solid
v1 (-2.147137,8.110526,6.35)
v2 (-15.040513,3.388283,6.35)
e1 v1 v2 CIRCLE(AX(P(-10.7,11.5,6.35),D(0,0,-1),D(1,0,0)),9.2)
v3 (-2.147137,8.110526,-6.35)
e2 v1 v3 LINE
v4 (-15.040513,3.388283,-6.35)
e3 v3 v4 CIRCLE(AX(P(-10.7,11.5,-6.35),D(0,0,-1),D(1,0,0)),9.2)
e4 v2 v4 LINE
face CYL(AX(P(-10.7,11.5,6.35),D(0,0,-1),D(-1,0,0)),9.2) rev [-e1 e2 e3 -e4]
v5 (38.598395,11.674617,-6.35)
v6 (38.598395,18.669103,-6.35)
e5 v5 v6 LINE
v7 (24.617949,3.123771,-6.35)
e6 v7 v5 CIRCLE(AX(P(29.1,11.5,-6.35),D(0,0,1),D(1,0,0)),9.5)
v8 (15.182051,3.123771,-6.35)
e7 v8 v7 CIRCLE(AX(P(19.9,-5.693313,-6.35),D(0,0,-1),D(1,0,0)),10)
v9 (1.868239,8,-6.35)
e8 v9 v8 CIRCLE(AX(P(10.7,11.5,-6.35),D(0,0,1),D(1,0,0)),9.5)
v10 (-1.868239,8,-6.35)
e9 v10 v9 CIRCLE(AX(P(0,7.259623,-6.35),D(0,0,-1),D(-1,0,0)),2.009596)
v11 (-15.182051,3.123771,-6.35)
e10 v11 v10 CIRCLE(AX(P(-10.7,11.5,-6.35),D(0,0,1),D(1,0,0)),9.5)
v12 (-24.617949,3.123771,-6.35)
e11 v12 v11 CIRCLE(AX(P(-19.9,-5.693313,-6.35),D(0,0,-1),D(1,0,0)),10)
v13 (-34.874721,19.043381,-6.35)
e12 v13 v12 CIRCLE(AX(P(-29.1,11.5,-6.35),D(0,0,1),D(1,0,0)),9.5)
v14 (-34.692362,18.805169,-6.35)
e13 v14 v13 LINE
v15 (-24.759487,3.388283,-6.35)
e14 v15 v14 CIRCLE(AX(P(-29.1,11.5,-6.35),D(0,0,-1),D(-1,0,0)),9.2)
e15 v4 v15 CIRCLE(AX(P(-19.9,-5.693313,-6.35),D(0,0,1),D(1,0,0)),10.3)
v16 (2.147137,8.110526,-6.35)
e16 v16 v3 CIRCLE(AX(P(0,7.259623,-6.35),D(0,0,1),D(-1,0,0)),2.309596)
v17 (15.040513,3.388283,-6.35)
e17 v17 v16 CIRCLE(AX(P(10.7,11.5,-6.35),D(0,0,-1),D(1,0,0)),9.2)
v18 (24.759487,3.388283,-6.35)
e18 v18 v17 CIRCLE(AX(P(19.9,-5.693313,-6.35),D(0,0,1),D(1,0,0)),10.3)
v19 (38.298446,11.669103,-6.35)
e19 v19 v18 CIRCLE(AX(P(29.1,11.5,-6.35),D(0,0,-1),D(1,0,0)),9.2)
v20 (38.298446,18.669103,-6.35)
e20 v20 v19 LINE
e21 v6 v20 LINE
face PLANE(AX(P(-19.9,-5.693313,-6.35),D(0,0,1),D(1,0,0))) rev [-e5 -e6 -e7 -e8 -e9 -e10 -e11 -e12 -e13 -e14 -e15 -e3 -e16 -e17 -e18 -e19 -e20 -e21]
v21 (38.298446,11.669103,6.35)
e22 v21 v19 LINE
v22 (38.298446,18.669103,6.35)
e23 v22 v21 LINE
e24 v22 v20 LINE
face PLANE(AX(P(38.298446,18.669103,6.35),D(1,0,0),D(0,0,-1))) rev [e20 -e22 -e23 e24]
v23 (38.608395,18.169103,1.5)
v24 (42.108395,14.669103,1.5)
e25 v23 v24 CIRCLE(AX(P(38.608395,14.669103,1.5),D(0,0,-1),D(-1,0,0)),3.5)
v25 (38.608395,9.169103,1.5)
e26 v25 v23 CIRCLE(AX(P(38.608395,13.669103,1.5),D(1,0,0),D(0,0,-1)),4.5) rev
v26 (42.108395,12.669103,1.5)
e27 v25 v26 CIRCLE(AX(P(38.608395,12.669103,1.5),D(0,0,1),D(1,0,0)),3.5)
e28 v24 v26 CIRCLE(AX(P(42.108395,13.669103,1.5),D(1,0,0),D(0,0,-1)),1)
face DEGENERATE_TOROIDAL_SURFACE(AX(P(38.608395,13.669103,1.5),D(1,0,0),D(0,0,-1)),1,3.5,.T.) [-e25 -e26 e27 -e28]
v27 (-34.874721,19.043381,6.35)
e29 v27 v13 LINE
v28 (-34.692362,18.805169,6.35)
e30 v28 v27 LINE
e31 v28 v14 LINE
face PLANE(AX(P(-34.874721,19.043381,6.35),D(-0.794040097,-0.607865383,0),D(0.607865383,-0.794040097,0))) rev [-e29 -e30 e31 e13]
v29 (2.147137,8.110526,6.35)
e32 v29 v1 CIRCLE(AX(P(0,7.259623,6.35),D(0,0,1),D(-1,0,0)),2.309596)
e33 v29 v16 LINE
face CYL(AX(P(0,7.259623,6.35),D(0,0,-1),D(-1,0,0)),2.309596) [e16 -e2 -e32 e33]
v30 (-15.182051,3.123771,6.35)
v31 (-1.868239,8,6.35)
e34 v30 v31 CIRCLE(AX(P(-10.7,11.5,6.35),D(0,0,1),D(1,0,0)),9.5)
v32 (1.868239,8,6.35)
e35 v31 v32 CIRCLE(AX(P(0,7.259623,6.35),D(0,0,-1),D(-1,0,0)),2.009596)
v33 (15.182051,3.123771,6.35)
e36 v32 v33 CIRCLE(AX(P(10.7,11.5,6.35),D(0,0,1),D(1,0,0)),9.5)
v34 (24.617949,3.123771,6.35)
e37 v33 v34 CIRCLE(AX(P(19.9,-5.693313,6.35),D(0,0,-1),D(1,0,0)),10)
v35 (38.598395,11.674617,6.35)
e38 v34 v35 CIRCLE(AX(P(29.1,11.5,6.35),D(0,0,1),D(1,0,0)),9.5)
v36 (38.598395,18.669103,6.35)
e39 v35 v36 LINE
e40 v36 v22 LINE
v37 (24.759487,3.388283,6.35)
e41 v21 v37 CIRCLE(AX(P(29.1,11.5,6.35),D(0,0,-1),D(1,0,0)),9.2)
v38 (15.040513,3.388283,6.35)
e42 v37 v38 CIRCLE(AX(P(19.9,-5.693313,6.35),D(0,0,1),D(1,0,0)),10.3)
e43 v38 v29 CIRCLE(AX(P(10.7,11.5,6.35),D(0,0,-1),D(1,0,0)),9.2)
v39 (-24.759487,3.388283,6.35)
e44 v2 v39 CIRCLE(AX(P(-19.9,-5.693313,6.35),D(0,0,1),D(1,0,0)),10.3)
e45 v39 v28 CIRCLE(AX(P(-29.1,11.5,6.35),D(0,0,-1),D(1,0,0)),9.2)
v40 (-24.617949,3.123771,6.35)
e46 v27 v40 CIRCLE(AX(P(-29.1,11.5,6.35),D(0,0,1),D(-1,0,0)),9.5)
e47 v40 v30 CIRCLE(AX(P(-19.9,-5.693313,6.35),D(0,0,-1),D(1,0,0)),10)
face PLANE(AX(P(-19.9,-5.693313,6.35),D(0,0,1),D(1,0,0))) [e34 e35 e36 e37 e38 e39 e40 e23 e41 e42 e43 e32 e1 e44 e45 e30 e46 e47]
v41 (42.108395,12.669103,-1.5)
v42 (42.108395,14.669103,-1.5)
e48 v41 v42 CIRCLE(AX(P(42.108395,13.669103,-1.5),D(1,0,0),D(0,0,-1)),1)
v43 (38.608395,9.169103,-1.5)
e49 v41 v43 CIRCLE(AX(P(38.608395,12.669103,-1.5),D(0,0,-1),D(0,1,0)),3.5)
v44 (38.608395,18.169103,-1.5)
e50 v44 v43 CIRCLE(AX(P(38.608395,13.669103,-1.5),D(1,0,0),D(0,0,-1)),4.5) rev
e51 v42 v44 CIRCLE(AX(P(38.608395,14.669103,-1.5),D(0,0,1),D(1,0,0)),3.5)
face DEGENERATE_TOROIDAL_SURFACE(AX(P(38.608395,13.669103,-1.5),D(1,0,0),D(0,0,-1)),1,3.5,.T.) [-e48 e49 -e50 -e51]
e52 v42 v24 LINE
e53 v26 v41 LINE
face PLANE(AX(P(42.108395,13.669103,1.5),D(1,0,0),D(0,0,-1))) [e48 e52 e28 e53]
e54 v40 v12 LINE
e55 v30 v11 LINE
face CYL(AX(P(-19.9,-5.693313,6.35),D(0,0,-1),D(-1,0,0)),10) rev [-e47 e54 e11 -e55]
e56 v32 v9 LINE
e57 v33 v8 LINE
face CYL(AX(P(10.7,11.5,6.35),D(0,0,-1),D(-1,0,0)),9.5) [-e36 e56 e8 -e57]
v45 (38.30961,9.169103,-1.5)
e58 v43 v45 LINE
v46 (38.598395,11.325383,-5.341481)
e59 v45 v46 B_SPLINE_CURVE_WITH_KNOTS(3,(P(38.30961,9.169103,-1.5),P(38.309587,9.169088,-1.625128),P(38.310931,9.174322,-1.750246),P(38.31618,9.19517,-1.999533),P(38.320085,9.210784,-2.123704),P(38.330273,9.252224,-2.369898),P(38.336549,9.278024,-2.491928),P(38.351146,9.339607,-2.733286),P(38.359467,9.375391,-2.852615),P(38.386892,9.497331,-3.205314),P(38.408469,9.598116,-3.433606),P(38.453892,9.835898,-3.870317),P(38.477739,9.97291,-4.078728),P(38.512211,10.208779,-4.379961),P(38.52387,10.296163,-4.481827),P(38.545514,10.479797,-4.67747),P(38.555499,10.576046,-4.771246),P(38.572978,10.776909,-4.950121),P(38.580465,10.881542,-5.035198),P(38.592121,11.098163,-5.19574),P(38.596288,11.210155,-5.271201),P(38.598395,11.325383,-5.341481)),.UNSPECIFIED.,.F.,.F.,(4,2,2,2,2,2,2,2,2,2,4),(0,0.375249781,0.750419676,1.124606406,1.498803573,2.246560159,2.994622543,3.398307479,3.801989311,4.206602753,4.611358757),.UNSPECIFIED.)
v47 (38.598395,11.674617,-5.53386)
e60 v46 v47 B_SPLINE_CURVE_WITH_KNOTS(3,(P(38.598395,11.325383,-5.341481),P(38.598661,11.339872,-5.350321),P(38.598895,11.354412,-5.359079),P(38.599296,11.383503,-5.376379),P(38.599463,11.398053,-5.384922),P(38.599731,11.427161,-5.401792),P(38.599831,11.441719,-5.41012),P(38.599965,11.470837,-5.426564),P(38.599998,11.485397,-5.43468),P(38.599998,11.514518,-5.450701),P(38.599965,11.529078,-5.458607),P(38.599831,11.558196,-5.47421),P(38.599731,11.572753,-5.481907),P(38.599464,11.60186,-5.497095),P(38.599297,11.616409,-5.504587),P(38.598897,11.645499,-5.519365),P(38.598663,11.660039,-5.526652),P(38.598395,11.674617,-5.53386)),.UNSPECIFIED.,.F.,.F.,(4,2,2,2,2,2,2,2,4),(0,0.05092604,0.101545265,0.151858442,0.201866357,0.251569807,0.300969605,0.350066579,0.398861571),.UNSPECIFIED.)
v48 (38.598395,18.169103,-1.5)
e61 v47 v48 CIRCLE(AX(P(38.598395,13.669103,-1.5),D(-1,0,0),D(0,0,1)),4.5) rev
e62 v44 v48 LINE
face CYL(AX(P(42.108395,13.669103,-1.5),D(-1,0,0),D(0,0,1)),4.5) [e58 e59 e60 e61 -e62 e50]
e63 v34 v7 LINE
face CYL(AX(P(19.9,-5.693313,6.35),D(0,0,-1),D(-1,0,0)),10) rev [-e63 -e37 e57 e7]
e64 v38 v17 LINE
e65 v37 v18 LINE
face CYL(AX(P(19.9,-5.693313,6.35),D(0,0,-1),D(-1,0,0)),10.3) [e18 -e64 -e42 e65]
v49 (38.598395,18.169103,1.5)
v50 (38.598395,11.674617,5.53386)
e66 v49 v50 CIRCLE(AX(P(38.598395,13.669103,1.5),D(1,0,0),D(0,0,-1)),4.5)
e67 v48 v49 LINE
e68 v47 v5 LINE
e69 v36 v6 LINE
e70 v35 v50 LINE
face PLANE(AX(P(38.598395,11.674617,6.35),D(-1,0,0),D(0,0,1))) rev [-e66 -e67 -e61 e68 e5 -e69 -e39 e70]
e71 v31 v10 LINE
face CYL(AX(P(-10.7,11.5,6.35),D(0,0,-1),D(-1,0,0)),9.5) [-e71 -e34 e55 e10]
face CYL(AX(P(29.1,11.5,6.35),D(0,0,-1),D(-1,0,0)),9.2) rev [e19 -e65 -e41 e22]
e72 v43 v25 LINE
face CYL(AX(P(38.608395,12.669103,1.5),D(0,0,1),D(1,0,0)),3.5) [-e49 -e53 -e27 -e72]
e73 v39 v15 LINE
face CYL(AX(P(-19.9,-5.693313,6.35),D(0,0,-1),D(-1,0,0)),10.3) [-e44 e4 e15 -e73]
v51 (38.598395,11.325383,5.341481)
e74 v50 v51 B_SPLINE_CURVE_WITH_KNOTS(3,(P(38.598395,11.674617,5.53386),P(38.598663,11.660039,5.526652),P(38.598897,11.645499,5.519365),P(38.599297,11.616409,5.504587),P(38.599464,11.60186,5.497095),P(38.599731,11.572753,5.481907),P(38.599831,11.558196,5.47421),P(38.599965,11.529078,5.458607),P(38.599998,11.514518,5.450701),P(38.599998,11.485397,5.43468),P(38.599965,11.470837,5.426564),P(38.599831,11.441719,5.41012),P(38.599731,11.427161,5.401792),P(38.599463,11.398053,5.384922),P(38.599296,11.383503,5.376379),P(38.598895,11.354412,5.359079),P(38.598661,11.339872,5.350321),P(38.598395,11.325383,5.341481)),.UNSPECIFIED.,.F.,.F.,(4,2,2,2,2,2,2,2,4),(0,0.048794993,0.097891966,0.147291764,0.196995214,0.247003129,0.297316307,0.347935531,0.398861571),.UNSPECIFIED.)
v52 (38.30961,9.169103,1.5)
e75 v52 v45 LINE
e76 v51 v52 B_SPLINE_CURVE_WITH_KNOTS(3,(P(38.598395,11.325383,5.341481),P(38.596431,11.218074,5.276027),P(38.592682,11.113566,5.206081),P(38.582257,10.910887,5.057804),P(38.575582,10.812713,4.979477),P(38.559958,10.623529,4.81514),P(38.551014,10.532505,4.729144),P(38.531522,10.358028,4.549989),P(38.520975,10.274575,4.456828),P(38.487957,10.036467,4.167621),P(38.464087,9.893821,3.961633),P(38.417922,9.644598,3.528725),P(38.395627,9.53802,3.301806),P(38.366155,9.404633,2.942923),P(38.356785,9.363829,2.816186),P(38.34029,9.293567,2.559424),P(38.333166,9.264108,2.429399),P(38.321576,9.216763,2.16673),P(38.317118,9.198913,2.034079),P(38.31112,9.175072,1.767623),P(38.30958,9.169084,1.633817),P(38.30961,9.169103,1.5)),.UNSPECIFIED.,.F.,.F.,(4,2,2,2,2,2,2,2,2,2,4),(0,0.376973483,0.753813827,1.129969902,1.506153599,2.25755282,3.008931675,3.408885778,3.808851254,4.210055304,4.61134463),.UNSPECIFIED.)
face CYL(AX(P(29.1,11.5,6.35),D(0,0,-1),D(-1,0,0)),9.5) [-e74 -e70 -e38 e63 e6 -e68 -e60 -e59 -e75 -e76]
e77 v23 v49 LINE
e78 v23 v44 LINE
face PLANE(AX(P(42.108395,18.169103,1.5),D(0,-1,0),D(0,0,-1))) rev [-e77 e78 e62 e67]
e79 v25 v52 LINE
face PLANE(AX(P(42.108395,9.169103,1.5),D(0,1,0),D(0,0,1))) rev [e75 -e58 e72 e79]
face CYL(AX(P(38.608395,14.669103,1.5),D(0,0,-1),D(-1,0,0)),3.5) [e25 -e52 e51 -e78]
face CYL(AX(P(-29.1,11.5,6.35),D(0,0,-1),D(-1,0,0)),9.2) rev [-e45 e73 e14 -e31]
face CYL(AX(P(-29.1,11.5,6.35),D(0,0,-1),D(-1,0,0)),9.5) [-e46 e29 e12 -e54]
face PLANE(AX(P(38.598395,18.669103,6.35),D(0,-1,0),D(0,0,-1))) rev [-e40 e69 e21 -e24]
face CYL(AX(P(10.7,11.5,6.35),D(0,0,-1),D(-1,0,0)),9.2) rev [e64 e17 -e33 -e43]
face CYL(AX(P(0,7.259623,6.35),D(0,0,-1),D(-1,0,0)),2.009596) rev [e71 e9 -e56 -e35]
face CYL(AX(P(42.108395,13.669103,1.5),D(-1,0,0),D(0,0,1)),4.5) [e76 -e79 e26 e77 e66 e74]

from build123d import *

# Parameters (mm, degrees)
BOSS_EXTRUDE1_DEPTH = 6.35
BOSS_EXTRUDE3_START = -0.288785
BOSS_EXTRUDE3_DEPTH = 3.798785
FILLET2_R           = 3.5


with BuildPart() as part:
    # Sketch2 → Boss-Extrude1 (new body, symmetric)
    with BuildSketch(Plane.XY):
        with BuildLine():
            Line((-34.874721139, 19.043380924), (-34.692361524, 18.805168895))
            ThreePointArc((-34.692361524, 18.805168895), (-37.96654895, 13.954446928), (-37.652863155, 8.110526316))
            ThreePointArc((-37.652863155, 8.110526316), (-32.263995686, 2.861184613), (-24.759487179, 3.388283261))
            ThreePointArc((-24.759487179, 3.388283261), (-19.9, 4.606687347), (-15.040512821, 3.388283261))
            ThreePointArc((-15.040512821, 3.388283261), (-7.536004314, 2.861184613), (-2.147136845, 8.110526316))
            ThreePointArc((-2.147136845, 8.110526316), (0, 9.569218559), (2.147136845, 8.110526316))
            ThreePointArc((2.147136845, 8.110526316), (7.536004314, 2.861184613), (15.040512821, 3.388283261))
            ThreePointArc((15.040512821, 3.388283261), (19.9, 4.606687347), (24.759487179, 3.388283261))
            ThreePointArc((24.759487179, 3.388283261), (33.900299187, 3.651616235), (38.298445746, 11.669103077))
            Line((38.298445746, 11.669103077), (38.298445746, 18.669103077))
            Line((38.298445746, 18.669103077), (38.598395064, 18.669103077))
            Line((38.598395064, 18.669103077), (38.598395064, 11.674617307))
            ThreePointArc((38.598395064, 11.674617307), (34.056830682, 3.395690678), (24.617948718, 3.123770759))
            ThreePointArc((24.617948718, 3.123770759), (19.9, 4.306687347), (15.182051282, 3.123770759))
            ThreePointArc((15.182051282, 3.123770759), (7.432830541, 2.579484111), (1.868239134, 8))
            ThreePointArc((1.868239134, 8), (0, 9.269218559), (-1.868239134, 8))
            ThreePointArc((-1.868239134, 8), (-7.432830541, 2.579484111), (-15.182051282, 3.123770759))
            ThreePointArc((-15.182051282, 3.123770759), (-19.9, 4.306687347), (-24.617948718, 3.123770759))
            ThreePointArc((-24.617948718, 3.123770759), (-32.367169459, 2.579484111), (-37.931760866, 8))
            ThreePointArc((-37.931760866, 8), (-38.255675546, 14.034483241), (-34.874721139, 19.043380924))
        make_face()
    extrude(amount=BOSS_EXTRUDE1_DEPTH, both=True)

    # Sketch6 → Boss-Extrude3 (add)
    with BuildSketch(Plane(origin=(38.598395064, 16.11055993, 0), x_dir=(0, 0, -1), z_dir=(1, 0, 0)).offset(BOSS_EXTRUDE3_START)):
        with BuildLine():
            Line((-1.5, 2.058543147), (1.5, 2.058543147))
            ThreePointArc((1.5, 2.058543147), (6, -2.441456853), (1.5, -6.941456853))
            Line((1.5, -6.941456853), (-1.5, -6.941456853))
            ThreePointArc((-1.5, -6.941456853), (-6, -2.441456853), (-1.5, 2.058543147))
        make_face()
    extrude(amount=BOSS_EXTRUDE3_DEPTH)

    # Fillet2
    fillet2_edges = [part.edges().sort_by_distance(p)[0] for p in [
        (42.108395064, 13.669103077, 6),
        (42.108395064, 9.169103077, 0),
        (42.108395064, 13.669103077, -6),
        (42.108395064, 18.169103077, 0),
    ]]
    fillet(fillet2_edges, radius=FILLET2_R)


solid = part.part
